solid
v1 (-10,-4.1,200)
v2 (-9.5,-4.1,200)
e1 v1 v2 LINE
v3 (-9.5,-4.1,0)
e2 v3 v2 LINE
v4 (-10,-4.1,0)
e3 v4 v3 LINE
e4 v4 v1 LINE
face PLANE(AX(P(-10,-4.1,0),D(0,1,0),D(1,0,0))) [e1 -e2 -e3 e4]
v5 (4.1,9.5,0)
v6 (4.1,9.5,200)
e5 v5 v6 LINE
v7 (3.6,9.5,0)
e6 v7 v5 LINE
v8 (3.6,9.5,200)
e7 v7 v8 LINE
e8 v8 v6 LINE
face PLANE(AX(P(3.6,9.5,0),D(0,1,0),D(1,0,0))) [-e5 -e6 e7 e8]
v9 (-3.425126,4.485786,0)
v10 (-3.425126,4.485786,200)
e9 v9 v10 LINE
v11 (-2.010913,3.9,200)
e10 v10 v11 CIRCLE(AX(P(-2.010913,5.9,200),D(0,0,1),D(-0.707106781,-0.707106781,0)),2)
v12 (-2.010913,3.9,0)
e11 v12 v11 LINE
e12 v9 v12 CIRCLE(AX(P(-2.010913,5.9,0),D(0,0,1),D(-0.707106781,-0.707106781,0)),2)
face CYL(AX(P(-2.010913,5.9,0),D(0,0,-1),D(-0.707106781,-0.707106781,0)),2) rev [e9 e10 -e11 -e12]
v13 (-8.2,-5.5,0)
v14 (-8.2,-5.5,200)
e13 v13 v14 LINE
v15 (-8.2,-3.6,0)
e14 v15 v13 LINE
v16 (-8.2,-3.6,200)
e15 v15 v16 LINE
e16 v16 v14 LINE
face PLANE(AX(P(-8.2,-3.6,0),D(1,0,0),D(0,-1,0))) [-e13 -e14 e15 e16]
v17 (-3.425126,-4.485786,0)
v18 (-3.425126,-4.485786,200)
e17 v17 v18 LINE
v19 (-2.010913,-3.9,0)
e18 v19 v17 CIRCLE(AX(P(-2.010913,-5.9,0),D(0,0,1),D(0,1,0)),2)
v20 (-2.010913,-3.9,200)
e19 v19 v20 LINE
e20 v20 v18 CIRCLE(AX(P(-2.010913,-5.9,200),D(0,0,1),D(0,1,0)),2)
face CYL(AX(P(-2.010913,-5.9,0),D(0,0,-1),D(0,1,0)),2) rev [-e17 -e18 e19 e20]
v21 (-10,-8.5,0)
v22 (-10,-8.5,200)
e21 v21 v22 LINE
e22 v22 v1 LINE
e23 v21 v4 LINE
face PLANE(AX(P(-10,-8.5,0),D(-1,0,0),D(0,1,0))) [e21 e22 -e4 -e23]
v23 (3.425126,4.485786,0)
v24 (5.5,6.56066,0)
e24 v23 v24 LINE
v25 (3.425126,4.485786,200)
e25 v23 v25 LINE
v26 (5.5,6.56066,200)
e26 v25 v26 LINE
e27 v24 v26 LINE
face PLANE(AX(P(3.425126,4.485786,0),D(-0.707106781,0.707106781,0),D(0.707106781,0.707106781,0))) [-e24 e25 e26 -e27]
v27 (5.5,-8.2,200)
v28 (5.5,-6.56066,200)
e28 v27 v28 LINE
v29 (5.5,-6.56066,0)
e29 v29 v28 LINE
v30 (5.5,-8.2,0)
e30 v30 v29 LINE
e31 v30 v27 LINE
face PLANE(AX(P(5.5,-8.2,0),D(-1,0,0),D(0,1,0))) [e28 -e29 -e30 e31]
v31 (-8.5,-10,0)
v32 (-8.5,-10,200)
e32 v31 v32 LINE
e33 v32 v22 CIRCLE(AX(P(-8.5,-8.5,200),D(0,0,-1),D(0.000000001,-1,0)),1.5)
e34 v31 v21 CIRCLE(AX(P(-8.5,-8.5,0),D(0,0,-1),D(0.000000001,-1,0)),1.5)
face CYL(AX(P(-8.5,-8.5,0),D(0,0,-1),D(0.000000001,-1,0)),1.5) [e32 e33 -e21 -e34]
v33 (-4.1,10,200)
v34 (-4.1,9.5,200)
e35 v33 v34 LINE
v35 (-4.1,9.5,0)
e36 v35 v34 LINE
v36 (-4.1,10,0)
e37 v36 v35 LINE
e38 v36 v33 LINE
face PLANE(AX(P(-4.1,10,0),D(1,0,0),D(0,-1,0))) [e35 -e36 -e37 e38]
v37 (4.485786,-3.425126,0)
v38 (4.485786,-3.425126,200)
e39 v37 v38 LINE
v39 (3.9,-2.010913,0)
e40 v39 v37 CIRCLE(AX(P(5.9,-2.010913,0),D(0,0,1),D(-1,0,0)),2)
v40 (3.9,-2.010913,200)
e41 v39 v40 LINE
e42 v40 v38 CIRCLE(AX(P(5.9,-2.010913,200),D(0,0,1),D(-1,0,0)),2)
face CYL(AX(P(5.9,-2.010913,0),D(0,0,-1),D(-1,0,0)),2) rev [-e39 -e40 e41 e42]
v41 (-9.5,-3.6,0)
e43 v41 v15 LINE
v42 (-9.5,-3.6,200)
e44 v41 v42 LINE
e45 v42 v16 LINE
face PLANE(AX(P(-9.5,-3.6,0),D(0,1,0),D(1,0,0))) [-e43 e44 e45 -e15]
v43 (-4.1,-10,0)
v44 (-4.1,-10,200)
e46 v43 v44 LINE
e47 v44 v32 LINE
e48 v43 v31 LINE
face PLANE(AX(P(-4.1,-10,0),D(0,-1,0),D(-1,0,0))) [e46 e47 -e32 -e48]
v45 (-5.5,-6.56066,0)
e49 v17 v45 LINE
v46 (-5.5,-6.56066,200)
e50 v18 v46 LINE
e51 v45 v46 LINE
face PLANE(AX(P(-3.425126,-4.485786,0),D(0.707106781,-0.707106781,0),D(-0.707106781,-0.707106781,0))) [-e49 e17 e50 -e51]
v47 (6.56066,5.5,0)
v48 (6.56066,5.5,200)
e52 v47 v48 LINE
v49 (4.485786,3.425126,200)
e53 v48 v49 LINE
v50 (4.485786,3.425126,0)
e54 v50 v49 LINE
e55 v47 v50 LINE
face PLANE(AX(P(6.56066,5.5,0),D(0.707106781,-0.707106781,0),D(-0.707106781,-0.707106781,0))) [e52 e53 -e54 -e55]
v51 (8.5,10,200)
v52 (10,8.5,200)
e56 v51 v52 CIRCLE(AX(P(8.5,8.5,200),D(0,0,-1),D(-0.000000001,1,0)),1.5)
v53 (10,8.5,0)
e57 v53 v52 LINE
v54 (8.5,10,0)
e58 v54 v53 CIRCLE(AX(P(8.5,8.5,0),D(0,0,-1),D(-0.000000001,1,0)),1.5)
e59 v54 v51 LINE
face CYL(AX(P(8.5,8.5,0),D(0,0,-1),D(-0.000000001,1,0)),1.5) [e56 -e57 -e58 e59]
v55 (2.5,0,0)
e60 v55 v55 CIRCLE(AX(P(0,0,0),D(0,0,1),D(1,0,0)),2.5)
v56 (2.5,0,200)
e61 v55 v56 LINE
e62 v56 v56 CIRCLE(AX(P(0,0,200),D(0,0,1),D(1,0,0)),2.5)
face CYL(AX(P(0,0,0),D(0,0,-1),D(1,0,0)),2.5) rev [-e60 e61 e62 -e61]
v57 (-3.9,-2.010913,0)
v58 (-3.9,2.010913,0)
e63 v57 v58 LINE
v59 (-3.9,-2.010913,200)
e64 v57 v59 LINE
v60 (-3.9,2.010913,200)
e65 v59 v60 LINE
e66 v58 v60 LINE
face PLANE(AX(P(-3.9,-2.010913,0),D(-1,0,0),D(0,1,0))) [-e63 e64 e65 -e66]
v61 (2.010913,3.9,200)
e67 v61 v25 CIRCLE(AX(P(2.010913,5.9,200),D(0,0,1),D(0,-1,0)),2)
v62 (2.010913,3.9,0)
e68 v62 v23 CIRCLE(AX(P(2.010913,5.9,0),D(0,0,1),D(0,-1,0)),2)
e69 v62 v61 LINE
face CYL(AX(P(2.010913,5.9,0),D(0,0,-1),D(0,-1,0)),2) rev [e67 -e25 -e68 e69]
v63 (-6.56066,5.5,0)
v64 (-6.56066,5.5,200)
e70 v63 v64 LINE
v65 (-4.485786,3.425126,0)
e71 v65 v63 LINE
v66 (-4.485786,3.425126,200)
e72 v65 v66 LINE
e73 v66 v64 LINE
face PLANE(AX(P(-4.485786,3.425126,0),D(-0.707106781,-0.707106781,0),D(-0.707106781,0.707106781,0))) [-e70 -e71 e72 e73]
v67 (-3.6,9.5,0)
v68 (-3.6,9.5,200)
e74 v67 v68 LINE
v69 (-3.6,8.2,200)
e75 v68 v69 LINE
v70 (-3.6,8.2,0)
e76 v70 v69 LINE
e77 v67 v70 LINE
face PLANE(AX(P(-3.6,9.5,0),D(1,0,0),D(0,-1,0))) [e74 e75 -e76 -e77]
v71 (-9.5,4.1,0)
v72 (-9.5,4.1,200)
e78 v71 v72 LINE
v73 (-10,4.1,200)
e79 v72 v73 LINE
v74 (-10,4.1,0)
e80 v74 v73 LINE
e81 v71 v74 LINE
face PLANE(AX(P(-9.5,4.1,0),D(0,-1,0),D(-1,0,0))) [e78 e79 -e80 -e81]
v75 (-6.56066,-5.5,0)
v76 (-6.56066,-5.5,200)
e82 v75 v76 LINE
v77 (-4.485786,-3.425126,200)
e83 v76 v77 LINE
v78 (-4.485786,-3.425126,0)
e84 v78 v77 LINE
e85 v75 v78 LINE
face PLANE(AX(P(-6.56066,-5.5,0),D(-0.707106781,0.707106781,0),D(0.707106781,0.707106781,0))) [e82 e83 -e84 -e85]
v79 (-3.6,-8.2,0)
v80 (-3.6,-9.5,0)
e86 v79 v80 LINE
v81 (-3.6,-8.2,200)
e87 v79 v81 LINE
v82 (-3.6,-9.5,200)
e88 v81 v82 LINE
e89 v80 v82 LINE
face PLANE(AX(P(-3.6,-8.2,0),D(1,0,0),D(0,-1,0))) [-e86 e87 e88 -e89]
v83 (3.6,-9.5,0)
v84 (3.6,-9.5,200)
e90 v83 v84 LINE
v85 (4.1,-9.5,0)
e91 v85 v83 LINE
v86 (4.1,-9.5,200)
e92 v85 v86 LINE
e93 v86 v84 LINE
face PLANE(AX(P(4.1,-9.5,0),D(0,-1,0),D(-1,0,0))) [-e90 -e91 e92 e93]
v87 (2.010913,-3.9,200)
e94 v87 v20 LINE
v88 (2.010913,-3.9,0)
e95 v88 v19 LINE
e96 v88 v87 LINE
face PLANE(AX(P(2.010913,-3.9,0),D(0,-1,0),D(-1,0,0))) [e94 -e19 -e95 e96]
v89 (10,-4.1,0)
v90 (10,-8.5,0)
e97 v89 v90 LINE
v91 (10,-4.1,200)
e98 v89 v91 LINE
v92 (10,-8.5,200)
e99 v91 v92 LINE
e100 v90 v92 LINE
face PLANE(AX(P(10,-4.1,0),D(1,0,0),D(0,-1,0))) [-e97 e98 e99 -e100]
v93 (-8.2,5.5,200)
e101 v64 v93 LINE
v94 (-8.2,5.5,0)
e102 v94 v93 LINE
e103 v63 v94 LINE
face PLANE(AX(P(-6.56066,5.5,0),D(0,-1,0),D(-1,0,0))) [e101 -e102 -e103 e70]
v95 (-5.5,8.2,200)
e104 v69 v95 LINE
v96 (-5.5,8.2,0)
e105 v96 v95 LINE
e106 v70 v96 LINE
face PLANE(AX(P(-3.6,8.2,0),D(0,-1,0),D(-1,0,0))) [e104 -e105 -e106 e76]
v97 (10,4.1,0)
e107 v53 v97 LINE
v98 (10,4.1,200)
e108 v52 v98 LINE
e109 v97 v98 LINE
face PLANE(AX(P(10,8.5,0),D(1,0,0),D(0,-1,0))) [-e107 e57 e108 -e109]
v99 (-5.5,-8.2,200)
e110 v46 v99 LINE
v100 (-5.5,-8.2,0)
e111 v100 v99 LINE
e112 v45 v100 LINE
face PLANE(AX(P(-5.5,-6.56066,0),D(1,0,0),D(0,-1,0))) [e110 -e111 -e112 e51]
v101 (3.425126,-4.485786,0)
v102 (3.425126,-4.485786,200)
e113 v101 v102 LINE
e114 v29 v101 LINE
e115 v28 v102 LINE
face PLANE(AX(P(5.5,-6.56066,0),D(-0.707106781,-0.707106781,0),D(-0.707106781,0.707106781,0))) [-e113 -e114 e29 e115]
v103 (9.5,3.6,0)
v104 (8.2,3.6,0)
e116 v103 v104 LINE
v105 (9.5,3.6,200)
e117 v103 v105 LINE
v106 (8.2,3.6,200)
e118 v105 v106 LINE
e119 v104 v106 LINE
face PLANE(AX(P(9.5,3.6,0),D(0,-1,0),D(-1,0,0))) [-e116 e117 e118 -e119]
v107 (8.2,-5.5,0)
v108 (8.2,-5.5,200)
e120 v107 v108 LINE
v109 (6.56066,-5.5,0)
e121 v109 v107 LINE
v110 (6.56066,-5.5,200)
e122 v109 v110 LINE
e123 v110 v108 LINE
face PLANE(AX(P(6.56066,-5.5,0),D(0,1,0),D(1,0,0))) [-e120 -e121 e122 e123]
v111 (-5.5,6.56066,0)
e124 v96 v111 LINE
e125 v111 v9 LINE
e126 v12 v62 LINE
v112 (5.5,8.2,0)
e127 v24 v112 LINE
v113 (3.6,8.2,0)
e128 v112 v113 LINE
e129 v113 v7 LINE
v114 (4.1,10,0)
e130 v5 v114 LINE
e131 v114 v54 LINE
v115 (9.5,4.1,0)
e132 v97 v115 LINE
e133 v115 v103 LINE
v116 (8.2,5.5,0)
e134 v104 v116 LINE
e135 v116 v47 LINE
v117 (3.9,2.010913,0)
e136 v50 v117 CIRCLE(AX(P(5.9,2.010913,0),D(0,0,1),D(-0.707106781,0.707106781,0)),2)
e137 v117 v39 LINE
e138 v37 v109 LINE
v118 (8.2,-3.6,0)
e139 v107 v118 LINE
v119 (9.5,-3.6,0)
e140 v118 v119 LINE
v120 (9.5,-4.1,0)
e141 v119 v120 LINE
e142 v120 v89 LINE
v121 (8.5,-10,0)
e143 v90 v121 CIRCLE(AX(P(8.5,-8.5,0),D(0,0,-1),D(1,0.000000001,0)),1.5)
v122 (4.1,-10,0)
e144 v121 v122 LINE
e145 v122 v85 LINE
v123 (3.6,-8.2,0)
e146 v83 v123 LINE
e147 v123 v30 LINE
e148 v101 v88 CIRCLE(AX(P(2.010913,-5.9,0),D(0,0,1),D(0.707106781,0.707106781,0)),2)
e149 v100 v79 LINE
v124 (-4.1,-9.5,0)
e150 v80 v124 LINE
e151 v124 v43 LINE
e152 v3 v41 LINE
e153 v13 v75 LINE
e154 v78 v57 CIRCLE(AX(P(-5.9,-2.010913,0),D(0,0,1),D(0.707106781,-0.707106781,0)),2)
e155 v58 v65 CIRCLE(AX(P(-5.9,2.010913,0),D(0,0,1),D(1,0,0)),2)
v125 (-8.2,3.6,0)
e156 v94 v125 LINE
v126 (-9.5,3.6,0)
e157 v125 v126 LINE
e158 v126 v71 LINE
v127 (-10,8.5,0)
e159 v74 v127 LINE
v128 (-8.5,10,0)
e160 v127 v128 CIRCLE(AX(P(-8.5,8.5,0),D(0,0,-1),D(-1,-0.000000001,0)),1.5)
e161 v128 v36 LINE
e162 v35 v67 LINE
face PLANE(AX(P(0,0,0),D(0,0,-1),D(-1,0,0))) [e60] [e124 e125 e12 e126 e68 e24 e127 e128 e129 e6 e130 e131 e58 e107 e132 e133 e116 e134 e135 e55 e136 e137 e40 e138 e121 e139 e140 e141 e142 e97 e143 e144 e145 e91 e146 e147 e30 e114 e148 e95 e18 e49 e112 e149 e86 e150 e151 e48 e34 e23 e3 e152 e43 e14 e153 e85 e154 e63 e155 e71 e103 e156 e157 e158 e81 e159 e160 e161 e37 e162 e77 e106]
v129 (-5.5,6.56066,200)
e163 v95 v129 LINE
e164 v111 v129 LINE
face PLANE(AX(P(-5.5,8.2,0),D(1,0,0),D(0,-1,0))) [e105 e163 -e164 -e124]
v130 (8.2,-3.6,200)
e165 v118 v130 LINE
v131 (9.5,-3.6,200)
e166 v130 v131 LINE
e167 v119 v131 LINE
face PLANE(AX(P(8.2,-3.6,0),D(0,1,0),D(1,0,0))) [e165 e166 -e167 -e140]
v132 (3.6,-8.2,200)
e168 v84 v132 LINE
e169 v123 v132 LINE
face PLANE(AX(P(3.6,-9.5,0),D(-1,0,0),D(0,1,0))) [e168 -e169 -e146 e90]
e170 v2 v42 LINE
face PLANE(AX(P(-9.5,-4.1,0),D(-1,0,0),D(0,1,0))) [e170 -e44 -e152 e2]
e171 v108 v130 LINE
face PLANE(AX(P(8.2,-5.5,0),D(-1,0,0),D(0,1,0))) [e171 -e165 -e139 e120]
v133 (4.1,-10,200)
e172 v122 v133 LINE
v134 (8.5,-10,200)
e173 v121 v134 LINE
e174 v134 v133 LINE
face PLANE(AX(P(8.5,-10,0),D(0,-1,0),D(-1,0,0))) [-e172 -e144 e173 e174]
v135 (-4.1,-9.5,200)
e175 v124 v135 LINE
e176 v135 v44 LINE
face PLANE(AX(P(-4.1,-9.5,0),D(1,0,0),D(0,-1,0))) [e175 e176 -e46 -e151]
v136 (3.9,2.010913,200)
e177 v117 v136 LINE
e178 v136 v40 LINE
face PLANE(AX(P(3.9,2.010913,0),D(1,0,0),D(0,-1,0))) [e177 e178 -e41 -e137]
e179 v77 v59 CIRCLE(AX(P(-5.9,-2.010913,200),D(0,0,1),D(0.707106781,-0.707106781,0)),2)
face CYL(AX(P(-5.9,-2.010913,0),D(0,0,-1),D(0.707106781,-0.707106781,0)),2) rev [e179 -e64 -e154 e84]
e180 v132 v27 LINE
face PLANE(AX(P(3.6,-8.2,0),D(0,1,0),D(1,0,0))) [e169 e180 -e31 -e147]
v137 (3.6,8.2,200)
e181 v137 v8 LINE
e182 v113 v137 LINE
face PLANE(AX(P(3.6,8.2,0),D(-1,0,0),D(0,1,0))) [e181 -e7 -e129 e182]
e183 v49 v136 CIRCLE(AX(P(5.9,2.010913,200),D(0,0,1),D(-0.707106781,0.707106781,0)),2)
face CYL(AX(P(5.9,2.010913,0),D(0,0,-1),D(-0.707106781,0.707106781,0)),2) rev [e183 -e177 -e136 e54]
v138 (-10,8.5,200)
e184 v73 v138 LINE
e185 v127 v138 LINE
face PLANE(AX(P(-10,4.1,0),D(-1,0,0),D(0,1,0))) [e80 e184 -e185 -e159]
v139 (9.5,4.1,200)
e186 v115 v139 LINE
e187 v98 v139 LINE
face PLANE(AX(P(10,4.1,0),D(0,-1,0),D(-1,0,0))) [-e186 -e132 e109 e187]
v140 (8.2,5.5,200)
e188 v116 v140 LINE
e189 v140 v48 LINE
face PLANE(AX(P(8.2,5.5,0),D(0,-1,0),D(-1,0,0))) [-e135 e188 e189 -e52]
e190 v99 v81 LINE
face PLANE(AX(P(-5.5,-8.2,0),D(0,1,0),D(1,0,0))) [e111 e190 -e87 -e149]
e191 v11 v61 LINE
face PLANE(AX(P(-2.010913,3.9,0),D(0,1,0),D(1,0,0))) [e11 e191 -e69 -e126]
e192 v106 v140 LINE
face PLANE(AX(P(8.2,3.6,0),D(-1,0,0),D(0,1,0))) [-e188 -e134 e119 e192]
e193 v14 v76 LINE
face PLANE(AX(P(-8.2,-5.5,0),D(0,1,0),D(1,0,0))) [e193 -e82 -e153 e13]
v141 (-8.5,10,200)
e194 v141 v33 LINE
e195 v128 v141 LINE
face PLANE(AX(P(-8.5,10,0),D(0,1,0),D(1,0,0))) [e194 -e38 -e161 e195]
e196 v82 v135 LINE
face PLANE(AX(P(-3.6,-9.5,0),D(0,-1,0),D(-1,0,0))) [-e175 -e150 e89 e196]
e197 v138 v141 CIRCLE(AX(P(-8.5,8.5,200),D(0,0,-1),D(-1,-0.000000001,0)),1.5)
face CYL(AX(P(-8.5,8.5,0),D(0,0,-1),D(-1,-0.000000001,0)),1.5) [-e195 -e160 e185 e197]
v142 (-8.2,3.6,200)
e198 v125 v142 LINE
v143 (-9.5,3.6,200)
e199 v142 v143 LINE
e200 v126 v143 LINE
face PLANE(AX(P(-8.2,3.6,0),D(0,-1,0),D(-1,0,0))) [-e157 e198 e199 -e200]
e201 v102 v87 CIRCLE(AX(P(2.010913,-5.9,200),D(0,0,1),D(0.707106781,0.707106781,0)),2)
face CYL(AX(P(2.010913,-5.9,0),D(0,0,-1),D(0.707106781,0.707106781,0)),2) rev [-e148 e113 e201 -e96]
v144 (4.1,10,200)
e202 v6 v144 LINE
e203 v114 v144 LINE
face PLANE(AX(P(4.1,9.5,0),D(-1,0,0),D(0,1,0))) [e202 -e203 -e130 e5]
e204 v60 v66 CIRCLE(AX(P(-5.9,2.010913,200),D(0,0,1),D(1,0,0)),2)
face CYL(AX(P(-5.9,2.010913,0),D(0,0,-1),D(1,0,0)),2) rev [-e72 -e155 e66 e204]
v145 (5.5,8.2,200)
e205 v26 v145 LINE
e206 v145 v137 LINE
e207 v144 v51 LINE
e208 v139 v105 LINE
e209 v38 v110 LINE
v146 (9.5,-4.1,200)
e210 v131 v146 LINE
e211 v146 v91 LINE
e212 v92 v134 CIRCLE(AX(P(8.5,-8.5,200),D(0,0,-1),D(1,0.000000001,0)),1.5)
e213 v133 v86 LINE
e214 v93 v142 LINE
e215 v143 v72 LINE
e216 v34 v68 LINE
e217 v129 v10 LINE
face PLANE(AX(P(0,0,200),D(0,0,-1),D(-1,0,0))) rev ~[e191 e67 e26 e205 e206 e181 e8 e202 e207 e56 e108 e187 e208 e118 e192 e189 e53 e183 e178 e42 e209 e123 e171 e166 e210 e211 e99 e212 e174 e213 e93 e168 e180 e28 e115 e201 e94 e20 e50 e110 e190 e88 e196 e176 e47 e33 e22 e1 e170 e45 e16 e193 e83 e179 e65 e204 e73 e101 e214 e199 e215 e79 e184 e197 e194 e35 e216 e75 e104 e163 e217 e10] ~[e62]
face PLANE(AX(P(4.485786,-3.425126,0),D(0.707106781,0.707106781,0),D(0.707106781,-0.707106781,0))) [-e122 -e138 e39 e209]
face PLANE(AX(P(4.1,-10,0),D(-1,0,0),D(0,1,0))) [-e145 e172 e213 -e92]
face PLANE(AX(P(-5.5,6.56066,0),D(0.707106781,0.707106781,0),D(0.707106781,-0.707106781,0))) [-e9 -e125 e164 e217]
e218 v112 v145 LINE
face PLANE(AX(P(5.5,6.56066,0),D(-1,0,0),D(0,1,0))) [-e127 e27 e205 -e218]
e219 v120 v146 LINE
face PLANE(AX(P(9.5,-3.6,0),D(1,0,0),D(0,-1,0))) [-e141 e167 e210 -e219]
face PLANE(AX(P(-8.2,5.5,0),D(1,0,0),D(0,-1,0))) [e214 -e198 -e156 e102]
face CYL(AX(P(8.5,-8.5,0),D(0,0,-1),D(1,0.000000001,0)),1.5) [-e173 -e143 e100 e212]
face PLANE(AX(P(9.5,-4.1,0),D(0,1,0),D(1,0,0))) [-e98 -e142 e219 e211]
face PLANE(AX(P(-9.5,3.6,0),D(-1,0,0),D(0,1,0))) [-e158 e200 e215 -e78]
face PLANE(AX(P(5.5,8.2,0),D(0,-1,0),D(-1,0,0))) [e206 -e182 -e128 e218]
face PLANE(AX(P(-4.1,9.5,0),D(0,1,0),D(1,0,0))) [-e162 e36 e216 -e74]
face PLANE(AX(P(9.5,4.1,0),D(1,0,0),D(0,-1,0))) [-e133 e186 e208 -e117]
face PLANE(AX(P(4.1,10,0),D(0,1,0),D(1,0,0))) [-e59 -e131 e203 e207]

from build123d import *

# Parameters (mm, degrees)
SKETCH1_R           = 2.5
BOSS_EXTRUDE2_DEPTH = 200


with BuildPart() as part:
    # Sketch1 → Boss-Extrude2 (new body)
    with BuildSketch(Plane.XY):
        with BuildLine():
            Line((10, -4.1), (10, -8.5))
            ThreePointArc((10, -8.5), (9.560660172, -9.560660172), (8.5, -10))
            Line((8.5, -10), (4.1, -10))
            Line((4.1, -10), (4.1, -9.5))
            Line((4.1, -9.5), (3.6, -9.5))
            Line((3.6, -9.5), (3.6, -8.2))
            Line((3.6, -8.2), (5.5, -8.2))
            Line((5.5, -8.2), (5.5, -6.560660172))
            Line((5.5, -6.560660172), (3.425126266, -4.485786438))
            ThreePointArc((3.425126266, -4.485786438), (2.776279568, -4.052240935), (2.010912703, -3.9))
            Line((2.010912703, -3.9), (-2.010912703, -3.9))
            ThreePointArc((-2.010912703, -3.9), (-2.776279568, -4.052240935), (-3.425126266, -4.485786438))
            Line((-3.425126266, -4.485786438), (-5.5, -6.560660172))
            Line((-5.5, -6.560660172), (-5.5, -8.2))
            Line((-5.5, -8.2), (-3.6, -8.2))
            Line((-3.6, -8.2), (-3.6, -9.5))
            Line((-3.6, -9.5), (-4.1, -9.5))
            Line((-4.1, -9.5), (-4.1, -10))
            Line((-4.1, -10), (-8.5, -10))
            ThreePointArc((-8.5, -10), (-9.560660172, -9.560660172), (-10, -8.5))
            Line((-10, -8.5), (-10, -4.1))
            Line((-10, -4.1), (-9.5, -4.1))
            Line((-9.5, -4.1), (-9.5, -3.6))
            Line((-9.5, -3.6), (-8.2, -3.6))
            Line((-8.2, -3.6), (-8.2, -5.5))
            Line((-8.2, -5.5), (-6.560660172, -5.5))
            Line((-6.560660172, -5.5), (-4.485786438, -3.425126266))
            ThreePointArc((-4.485786438, -3.425126266), (-4.052240935, -2.776279568), (-3.9, -2.010912703))
            Line((-3.9, -2.010912703), (-3.9, 2.010912703))
            ThreePointArc((-3.9, 2.010912703), (-4.052240935, 2.776279568), (-4.485786438, 3.425126266))
            Line((-4.485786438, 3.425126266), (-6.560660172, 5.5))
            Line((-6.560660172, 5.5), (-8.2, 5.5))
            Line((-8.2, 5.5), (-8.2, 3.6))
            Line((-8.2, 3.6), (-9.5, 3.6))
            Line((-9.5, 3.6), (-9.5, 4.1))
            Line((-9.5, 4.1), (-10, 4.1))
            Line((-10, 4.1), (-10, 8.5))
            ThreePointArc((-10, 8.5), (-9.560660172, 9.560660172), (-8.5, 10))
            Line((-8.5, 10), (-4.1, 10))
            Line((-4.1, 10), (-4.1, 9.5))
            Line((-4.1, 9.5), (-3.6, 9.5))
            Line((-3.6, 9.5), (-3.6, 8.2))
            Line((-3.6, 8.2), (-5.5, 8.2))
            Line((-5.5, 8.2), (-5.5, 6.560660172))
            Line((-5.5, 6.560660172), (-3.425126266, 4.485786438))
            ThreePointArc((-3.425126266, 4.485786438), (-2.776279568, 4.052240935), (-2.010912703, 3.9))
            Line((-2.010912703, 3.9), (2.010912703, 3.9))
            ThreePointArc((2.010912703, 3.9), (2.776279568, 4.052240935), (3.425126266, 4.485786438))
            Line((3.425126266, 4.485786438), (5.5, 6.560660172))
            Line((5.5, 6.560660172), (5.5, 8.2))
            Line((5.5, 8.2), (3.6, 8.2))
            Line((3.6, 8.2), (3.6, 9.5))
            Line((3.6, 9.5), (4.1, 9.5))
            Line((4.1, 9.5), (4.1, 10))
            Line((4.1, 10), (8.5, 10))
            ThreePointArc((8.5, 10), (9.560660172, 9.560660172), (10, 8.5))
            Line((10, 8.5), (10, 4.1))
            Line((10, 4.1), (9.5, 4.1))
            Line((9.5, 4.1), (9.5, 3.6))
            Line((9.5, 3.6), (8.2, 3.6))
            Line((8.2, 3.6), (8.2, 5.5))
            Line((8.2, 5.5), (6.560660172, 5.5))
            Line((6.560660172, 5.5), (4.485786438, 3.425126266))
            ThreePointArc((4.485786438, 3.425126266), (4.052240935, 2.776279568), (3.9, 2.010912703))
            Line((3.9, 2.010912703), (3.9, -2.010912703))
            ThreePointArc((3.9, -2.010912703), (4.052240935, -2.776279568), (4.485786438, -3.425126266))
            Line((4.485786438, -3.425126266), (6.560660172, -5.5))
            Line((6.560660172, -5.5), (8.2, -5.5))
            Line((8.2, -5.5), (8.2, -3.6))
            Line((8.2, -3.6), (9.5, -3.6))
            Line((9.5, -3.6), (9.5, -4.1))
            Line((9.5, -4.1), (10, -4.1))
        make_face()
        Circle(SKETCH1_R, mode=Mode.SUBTRACT)
    extrude(amount=BOSS_EXTRUDE2_DEPTH)


solid = part.part
